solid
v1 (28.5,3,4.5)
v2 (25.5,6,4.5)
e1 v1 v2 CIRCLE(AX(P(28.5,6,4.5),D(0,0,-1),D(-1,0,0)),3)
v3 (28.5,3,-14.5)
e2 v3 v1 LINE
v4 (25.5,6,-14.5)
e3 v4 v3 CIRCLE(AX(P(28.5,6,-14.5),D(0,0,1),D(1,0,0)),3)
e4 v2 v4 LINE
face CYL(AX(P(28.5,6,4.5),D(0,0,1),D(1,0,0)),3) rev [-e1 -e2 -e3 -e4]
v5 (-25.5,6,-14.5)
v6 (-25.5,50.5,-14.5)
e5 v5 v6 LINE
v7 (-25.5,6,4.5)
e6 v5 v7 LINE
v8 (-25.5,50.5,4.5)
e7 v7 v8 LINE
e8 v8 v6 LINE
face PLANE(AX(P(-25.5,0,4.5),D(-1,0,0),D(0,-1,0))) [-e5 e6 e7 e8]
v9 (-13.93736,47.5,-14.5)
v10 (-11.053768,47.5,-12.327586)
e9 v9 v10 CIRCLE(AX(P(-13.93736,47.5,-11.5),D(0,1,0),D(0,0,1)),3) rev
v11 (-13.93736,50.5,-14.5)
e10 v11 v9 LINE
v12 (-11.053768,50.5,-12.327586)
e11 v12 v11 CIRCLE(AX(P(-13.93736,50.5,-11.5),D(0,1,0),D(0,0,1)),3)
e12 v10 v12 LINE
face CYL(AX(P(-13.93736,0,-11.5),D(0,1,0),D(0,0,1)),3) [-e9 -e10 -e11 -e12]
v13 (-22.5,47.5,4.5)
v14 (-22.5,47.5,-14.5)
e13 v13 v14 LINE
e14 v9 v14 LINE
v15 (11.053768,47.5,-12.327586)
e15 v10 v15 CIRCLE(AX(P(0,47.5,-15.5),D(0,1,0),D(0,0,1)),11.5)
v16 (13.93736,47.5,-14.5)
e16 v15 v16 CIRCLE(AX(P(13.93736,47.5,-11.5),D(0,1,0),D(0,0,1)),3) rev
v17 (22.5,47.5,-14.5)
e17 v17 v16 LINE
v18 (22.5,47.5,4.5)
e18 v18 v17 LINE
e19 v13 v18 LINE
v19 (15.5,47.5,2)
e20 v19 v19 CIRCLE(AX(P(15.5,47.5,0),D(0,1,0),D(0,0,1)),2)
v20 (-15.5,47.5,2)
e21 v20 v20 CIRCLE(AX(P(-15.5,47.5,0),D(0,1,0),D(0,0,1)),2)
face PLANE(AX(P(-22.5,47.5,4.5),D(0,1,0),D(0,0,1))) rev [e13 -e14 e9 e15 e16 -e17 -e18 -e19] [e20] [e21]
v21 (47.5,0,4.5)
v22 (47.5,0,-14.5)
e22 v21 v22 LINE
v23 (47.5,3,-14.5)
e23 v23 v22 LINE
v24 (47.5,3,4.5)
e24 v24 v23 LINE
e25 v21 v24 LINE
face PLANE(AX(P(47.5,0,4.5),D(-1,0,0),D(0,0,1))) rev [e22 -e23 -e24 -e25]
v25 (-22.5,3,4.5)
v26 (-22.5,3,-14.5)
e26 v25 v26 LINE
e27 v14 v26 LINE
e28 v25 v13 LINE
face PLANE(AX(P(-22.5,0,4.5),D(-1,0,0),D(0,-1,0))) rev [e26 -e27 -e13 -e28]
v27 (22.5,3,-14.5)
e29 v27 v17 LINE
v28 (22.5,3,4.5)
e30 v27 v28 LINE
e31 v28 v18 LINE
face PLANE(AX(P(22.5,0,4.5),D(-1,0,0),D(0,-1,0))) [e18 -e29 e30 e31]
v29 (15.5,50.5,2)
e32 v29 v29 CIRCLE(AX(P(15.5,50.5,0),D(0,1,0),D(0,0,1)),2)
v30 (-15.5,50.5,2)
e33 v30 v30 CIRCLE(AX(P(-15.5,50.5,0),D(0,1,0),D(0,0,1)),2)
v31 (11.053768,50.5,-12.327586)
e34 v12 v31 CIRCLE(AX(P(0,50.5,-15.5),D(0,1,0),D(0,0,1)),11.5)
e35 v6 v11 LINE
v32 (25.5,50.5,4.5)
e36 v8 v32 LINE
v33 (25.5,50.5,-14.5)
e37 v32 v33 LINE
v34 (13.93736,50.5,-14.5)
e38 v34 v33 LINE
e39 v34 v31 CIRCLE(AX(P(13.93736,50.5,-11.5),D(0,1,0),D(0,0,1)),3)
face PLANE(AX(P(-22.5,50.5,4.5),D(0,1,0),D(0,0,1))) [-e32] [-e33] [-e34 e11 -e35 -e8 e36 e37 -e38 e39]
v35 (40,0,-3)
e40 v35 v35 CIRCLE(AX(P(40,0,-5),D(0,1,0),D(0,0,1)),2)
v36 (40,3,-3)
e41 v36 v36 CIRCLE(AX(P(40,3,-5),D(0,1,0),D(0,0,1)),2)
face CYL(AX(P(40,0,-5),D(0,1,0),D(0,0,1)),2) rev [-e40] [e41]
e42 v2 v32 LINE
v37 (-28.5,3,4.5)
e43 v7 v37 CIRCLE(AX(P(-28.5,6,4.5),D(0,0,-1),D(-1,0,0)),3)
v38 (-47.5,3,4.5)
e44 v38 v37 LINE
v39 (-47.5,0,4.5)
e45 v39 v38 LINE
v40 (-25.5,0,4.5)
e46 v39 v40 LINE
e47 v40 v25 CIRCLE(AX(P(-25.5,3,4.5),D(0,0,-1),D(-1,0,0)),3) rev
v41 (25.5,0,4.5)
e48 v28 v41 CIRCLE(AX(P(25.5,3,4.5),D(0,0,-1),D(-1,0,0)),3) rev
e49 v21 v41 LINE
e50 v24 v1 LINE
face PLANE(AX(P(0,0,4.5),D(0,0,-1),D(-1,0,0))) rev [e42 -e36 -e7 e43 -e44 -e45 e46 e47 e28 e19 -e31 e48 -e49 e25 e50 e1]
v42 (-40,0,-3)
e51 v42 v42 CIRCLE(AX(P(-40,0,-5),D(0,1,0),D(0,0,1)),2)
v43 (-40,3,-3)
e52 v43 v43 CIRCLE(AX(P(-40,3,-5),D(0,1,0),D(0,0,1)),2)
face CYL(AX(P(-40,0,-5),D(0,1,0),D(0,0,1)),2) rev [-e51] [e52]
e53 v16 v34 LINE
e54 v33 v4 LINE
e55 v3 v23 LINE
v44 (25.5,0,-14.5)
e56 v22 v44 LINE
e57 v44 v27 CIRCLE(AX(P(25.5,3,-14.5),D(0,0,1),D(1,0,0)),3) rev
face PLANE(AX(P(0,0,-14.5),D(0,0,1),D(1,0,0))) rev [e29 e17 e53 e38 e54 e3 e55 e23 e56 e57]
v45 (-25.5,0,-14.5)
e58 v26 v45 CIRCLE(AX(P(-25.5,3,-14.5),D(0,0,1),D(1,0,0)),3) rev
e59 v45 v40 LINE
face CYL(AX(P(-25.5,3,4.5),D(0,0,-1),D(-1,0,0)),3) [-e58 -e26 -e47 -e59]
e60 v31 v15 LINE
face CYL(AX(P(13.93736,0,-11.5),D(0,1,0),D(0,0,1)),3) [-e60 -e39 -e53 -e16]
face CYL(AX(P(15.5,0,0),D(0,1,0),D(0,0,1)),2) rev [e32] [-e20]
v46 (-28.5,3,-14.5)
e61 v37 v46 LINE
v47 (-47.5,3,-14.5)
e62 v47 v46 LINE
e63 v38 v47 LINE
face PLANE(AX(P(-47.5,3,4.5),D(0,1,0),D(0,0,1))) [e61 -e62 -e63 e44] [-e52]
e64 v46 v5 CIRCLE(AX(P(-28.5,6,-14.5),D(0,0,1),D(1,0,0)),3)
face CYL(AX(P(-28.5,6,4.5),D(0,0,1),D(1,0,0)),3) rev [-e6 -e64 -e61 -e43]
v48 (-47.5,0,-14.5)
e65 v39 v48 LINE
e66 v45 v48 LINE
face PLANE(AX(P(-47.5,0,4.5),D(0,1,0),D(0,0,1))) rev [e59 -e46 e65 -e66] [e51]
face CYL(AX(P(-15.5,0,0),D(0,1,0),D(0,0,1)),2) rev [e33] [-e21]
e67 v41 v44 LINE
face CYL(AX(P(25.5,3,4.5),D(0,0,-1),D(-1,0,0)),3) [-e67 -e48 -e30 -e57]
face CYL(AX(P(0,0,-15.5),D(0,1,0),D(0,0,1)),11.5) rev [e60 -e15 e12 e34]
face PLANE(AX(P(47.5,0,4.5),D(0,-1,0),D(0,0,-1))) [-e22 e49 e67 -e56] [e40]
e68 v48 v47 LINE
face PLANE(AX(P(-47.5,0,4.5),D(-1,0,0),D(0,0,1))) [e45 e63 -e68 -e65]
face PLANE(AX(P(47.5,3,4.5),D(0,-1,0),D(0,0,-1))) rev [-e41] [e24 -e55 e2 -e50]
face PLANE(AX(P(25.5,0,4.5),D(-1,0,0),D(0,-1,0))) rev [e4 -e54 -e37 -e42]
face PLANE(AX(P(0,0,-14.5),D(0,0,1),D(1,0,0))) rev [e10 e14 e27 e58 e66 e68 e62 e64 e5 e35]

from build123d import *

# Parameters (mm, degrees)
EXTRUDE_THIN1_DEPTH = 4.5
SKETCH2_R           = 2
CUT_EXTRUDE1_DEPTH  = 70.474815581
BOSS_EXTRUDE1_DEPTH = 10
SKETCH4_R           = 11.5
CUT_EXTRUDE2_DEPTH  = 71.829019476
FILLET1_R           = 3
FILLET2_R           = 3
SKETCH5_R           = 2
CUT_EXTRUDE3_DEPTH  = 69.722267134


with BuildPart() as part:
    # Sketch1 → Extrude-Thin1 (new, symmetric)
    with BuildSketch(Plane.XY):
        Polygon((-47.5, 0), (-22.5, 0), (-22.5, 47.5), (0, 47.5), (0, 50.5), (-25.5, 50.5), (-25.5, 3), (-47.5, 3), align=None)
    extrude_thin1 = extrude(amount=EXTRUDE_THIN1_DEPTH, both=True)

    # Mirror1: Extrude-Thin1 across plane
    add(extrude_thin1.mirror(Plane(origin=(0, 50.5, 4.5), x_dir=(0, 0, 1), z_dir=(1, 0, 0))))

    # Sketch2 → Cut-Extrude1 (cut, through all)
    with BuildSketch(Plane(origin=(0, 50.5, 0), x_dir=(1, 0, 0), z_dir=(0, 1, 0))):
        with Locations(Location((-15.5, 0, 0), (0, 0, 270))):
            Circle(SKETCH2_R)
        with Locations(Location((15.5, 0, 0), (0, 0, 270))):
            Circle(SKETCH2_R)
    extrude(amount=-CUT_EXTRUDE1_DEPTH, mode=Mode.SUBTRACT)

    # Sketch3 → Boss-Extrude1 (add)
    with BuildSketch(Plane(origin=(0, 0, -4.5), x_dir=(-1, 0, 0), z_dir=(0, 0, -1))):
        Polygon((-22.5, 47.5), (22.5, 47.5), (22.5, 0), (47.5, 0), (47.5, 3), (25.5, 3), (25.5, 50.5), (-25.5, 50.5), (-25.5, 3), (-47.5, 3), (-47.5, 0), (-22.5, 0), align=None)
    extrude(amount=BOSS_EXTRUDE1_DEPTH)

    # Sketch4 → Cut-Extrude2 (cut, through all)
    with BuildSketch(Plane(origin=(0, 50.5, 0), x_dir=(1, 0, 0), z_dir=(0, 1, 0))):
        with Locations((0, 15.5)):
            Circle(SKETCH4_R)
    extrude(amount=-CUT_EXTRUDE2_DEPTH, mode=Mode.SUBTRACT)

    # Fillet1
    fillet1_edges = [part.edges().sort_by_distance(p)[0] for p in [
        (-11.456439237, 49, -14.5),
        (11.456439237, 49, -14.5),
    ]]
    fillet(fillet1_edges, radius=FILLET1_R)

    # Fillet2
    fillet2_edges = [part.edges().sort_by_distance(p)[0] for p in [
        (-22.5, 0, -5),
        (-25.5, 3, -5),
        (22.5, 0, -5),
        (25.5, 3, -5),
    ]]
    fillet(fillet2_edges, radius=FILLET2_R)

    # Sketch5 → Cut-Extrude3 (cut, through all)
    with BuildSketch(Plane(origin=(0, 3, 0), x_dir=(1, 0, 0), z_dir=(0, 1, 0))):
        with Locations(Location((-40, 5, 0), (0, 0, 270))):
            Circle(SKETCH5_R)
        with Locations(Location((40, 5, 0), (0, 0, 270))):
            Circle(SKETCH5_R)
    extrude(amount=-CUT_EXTRUDE3_DEPTH, mode=Mode.SUBTRACT)


solid = part.part
